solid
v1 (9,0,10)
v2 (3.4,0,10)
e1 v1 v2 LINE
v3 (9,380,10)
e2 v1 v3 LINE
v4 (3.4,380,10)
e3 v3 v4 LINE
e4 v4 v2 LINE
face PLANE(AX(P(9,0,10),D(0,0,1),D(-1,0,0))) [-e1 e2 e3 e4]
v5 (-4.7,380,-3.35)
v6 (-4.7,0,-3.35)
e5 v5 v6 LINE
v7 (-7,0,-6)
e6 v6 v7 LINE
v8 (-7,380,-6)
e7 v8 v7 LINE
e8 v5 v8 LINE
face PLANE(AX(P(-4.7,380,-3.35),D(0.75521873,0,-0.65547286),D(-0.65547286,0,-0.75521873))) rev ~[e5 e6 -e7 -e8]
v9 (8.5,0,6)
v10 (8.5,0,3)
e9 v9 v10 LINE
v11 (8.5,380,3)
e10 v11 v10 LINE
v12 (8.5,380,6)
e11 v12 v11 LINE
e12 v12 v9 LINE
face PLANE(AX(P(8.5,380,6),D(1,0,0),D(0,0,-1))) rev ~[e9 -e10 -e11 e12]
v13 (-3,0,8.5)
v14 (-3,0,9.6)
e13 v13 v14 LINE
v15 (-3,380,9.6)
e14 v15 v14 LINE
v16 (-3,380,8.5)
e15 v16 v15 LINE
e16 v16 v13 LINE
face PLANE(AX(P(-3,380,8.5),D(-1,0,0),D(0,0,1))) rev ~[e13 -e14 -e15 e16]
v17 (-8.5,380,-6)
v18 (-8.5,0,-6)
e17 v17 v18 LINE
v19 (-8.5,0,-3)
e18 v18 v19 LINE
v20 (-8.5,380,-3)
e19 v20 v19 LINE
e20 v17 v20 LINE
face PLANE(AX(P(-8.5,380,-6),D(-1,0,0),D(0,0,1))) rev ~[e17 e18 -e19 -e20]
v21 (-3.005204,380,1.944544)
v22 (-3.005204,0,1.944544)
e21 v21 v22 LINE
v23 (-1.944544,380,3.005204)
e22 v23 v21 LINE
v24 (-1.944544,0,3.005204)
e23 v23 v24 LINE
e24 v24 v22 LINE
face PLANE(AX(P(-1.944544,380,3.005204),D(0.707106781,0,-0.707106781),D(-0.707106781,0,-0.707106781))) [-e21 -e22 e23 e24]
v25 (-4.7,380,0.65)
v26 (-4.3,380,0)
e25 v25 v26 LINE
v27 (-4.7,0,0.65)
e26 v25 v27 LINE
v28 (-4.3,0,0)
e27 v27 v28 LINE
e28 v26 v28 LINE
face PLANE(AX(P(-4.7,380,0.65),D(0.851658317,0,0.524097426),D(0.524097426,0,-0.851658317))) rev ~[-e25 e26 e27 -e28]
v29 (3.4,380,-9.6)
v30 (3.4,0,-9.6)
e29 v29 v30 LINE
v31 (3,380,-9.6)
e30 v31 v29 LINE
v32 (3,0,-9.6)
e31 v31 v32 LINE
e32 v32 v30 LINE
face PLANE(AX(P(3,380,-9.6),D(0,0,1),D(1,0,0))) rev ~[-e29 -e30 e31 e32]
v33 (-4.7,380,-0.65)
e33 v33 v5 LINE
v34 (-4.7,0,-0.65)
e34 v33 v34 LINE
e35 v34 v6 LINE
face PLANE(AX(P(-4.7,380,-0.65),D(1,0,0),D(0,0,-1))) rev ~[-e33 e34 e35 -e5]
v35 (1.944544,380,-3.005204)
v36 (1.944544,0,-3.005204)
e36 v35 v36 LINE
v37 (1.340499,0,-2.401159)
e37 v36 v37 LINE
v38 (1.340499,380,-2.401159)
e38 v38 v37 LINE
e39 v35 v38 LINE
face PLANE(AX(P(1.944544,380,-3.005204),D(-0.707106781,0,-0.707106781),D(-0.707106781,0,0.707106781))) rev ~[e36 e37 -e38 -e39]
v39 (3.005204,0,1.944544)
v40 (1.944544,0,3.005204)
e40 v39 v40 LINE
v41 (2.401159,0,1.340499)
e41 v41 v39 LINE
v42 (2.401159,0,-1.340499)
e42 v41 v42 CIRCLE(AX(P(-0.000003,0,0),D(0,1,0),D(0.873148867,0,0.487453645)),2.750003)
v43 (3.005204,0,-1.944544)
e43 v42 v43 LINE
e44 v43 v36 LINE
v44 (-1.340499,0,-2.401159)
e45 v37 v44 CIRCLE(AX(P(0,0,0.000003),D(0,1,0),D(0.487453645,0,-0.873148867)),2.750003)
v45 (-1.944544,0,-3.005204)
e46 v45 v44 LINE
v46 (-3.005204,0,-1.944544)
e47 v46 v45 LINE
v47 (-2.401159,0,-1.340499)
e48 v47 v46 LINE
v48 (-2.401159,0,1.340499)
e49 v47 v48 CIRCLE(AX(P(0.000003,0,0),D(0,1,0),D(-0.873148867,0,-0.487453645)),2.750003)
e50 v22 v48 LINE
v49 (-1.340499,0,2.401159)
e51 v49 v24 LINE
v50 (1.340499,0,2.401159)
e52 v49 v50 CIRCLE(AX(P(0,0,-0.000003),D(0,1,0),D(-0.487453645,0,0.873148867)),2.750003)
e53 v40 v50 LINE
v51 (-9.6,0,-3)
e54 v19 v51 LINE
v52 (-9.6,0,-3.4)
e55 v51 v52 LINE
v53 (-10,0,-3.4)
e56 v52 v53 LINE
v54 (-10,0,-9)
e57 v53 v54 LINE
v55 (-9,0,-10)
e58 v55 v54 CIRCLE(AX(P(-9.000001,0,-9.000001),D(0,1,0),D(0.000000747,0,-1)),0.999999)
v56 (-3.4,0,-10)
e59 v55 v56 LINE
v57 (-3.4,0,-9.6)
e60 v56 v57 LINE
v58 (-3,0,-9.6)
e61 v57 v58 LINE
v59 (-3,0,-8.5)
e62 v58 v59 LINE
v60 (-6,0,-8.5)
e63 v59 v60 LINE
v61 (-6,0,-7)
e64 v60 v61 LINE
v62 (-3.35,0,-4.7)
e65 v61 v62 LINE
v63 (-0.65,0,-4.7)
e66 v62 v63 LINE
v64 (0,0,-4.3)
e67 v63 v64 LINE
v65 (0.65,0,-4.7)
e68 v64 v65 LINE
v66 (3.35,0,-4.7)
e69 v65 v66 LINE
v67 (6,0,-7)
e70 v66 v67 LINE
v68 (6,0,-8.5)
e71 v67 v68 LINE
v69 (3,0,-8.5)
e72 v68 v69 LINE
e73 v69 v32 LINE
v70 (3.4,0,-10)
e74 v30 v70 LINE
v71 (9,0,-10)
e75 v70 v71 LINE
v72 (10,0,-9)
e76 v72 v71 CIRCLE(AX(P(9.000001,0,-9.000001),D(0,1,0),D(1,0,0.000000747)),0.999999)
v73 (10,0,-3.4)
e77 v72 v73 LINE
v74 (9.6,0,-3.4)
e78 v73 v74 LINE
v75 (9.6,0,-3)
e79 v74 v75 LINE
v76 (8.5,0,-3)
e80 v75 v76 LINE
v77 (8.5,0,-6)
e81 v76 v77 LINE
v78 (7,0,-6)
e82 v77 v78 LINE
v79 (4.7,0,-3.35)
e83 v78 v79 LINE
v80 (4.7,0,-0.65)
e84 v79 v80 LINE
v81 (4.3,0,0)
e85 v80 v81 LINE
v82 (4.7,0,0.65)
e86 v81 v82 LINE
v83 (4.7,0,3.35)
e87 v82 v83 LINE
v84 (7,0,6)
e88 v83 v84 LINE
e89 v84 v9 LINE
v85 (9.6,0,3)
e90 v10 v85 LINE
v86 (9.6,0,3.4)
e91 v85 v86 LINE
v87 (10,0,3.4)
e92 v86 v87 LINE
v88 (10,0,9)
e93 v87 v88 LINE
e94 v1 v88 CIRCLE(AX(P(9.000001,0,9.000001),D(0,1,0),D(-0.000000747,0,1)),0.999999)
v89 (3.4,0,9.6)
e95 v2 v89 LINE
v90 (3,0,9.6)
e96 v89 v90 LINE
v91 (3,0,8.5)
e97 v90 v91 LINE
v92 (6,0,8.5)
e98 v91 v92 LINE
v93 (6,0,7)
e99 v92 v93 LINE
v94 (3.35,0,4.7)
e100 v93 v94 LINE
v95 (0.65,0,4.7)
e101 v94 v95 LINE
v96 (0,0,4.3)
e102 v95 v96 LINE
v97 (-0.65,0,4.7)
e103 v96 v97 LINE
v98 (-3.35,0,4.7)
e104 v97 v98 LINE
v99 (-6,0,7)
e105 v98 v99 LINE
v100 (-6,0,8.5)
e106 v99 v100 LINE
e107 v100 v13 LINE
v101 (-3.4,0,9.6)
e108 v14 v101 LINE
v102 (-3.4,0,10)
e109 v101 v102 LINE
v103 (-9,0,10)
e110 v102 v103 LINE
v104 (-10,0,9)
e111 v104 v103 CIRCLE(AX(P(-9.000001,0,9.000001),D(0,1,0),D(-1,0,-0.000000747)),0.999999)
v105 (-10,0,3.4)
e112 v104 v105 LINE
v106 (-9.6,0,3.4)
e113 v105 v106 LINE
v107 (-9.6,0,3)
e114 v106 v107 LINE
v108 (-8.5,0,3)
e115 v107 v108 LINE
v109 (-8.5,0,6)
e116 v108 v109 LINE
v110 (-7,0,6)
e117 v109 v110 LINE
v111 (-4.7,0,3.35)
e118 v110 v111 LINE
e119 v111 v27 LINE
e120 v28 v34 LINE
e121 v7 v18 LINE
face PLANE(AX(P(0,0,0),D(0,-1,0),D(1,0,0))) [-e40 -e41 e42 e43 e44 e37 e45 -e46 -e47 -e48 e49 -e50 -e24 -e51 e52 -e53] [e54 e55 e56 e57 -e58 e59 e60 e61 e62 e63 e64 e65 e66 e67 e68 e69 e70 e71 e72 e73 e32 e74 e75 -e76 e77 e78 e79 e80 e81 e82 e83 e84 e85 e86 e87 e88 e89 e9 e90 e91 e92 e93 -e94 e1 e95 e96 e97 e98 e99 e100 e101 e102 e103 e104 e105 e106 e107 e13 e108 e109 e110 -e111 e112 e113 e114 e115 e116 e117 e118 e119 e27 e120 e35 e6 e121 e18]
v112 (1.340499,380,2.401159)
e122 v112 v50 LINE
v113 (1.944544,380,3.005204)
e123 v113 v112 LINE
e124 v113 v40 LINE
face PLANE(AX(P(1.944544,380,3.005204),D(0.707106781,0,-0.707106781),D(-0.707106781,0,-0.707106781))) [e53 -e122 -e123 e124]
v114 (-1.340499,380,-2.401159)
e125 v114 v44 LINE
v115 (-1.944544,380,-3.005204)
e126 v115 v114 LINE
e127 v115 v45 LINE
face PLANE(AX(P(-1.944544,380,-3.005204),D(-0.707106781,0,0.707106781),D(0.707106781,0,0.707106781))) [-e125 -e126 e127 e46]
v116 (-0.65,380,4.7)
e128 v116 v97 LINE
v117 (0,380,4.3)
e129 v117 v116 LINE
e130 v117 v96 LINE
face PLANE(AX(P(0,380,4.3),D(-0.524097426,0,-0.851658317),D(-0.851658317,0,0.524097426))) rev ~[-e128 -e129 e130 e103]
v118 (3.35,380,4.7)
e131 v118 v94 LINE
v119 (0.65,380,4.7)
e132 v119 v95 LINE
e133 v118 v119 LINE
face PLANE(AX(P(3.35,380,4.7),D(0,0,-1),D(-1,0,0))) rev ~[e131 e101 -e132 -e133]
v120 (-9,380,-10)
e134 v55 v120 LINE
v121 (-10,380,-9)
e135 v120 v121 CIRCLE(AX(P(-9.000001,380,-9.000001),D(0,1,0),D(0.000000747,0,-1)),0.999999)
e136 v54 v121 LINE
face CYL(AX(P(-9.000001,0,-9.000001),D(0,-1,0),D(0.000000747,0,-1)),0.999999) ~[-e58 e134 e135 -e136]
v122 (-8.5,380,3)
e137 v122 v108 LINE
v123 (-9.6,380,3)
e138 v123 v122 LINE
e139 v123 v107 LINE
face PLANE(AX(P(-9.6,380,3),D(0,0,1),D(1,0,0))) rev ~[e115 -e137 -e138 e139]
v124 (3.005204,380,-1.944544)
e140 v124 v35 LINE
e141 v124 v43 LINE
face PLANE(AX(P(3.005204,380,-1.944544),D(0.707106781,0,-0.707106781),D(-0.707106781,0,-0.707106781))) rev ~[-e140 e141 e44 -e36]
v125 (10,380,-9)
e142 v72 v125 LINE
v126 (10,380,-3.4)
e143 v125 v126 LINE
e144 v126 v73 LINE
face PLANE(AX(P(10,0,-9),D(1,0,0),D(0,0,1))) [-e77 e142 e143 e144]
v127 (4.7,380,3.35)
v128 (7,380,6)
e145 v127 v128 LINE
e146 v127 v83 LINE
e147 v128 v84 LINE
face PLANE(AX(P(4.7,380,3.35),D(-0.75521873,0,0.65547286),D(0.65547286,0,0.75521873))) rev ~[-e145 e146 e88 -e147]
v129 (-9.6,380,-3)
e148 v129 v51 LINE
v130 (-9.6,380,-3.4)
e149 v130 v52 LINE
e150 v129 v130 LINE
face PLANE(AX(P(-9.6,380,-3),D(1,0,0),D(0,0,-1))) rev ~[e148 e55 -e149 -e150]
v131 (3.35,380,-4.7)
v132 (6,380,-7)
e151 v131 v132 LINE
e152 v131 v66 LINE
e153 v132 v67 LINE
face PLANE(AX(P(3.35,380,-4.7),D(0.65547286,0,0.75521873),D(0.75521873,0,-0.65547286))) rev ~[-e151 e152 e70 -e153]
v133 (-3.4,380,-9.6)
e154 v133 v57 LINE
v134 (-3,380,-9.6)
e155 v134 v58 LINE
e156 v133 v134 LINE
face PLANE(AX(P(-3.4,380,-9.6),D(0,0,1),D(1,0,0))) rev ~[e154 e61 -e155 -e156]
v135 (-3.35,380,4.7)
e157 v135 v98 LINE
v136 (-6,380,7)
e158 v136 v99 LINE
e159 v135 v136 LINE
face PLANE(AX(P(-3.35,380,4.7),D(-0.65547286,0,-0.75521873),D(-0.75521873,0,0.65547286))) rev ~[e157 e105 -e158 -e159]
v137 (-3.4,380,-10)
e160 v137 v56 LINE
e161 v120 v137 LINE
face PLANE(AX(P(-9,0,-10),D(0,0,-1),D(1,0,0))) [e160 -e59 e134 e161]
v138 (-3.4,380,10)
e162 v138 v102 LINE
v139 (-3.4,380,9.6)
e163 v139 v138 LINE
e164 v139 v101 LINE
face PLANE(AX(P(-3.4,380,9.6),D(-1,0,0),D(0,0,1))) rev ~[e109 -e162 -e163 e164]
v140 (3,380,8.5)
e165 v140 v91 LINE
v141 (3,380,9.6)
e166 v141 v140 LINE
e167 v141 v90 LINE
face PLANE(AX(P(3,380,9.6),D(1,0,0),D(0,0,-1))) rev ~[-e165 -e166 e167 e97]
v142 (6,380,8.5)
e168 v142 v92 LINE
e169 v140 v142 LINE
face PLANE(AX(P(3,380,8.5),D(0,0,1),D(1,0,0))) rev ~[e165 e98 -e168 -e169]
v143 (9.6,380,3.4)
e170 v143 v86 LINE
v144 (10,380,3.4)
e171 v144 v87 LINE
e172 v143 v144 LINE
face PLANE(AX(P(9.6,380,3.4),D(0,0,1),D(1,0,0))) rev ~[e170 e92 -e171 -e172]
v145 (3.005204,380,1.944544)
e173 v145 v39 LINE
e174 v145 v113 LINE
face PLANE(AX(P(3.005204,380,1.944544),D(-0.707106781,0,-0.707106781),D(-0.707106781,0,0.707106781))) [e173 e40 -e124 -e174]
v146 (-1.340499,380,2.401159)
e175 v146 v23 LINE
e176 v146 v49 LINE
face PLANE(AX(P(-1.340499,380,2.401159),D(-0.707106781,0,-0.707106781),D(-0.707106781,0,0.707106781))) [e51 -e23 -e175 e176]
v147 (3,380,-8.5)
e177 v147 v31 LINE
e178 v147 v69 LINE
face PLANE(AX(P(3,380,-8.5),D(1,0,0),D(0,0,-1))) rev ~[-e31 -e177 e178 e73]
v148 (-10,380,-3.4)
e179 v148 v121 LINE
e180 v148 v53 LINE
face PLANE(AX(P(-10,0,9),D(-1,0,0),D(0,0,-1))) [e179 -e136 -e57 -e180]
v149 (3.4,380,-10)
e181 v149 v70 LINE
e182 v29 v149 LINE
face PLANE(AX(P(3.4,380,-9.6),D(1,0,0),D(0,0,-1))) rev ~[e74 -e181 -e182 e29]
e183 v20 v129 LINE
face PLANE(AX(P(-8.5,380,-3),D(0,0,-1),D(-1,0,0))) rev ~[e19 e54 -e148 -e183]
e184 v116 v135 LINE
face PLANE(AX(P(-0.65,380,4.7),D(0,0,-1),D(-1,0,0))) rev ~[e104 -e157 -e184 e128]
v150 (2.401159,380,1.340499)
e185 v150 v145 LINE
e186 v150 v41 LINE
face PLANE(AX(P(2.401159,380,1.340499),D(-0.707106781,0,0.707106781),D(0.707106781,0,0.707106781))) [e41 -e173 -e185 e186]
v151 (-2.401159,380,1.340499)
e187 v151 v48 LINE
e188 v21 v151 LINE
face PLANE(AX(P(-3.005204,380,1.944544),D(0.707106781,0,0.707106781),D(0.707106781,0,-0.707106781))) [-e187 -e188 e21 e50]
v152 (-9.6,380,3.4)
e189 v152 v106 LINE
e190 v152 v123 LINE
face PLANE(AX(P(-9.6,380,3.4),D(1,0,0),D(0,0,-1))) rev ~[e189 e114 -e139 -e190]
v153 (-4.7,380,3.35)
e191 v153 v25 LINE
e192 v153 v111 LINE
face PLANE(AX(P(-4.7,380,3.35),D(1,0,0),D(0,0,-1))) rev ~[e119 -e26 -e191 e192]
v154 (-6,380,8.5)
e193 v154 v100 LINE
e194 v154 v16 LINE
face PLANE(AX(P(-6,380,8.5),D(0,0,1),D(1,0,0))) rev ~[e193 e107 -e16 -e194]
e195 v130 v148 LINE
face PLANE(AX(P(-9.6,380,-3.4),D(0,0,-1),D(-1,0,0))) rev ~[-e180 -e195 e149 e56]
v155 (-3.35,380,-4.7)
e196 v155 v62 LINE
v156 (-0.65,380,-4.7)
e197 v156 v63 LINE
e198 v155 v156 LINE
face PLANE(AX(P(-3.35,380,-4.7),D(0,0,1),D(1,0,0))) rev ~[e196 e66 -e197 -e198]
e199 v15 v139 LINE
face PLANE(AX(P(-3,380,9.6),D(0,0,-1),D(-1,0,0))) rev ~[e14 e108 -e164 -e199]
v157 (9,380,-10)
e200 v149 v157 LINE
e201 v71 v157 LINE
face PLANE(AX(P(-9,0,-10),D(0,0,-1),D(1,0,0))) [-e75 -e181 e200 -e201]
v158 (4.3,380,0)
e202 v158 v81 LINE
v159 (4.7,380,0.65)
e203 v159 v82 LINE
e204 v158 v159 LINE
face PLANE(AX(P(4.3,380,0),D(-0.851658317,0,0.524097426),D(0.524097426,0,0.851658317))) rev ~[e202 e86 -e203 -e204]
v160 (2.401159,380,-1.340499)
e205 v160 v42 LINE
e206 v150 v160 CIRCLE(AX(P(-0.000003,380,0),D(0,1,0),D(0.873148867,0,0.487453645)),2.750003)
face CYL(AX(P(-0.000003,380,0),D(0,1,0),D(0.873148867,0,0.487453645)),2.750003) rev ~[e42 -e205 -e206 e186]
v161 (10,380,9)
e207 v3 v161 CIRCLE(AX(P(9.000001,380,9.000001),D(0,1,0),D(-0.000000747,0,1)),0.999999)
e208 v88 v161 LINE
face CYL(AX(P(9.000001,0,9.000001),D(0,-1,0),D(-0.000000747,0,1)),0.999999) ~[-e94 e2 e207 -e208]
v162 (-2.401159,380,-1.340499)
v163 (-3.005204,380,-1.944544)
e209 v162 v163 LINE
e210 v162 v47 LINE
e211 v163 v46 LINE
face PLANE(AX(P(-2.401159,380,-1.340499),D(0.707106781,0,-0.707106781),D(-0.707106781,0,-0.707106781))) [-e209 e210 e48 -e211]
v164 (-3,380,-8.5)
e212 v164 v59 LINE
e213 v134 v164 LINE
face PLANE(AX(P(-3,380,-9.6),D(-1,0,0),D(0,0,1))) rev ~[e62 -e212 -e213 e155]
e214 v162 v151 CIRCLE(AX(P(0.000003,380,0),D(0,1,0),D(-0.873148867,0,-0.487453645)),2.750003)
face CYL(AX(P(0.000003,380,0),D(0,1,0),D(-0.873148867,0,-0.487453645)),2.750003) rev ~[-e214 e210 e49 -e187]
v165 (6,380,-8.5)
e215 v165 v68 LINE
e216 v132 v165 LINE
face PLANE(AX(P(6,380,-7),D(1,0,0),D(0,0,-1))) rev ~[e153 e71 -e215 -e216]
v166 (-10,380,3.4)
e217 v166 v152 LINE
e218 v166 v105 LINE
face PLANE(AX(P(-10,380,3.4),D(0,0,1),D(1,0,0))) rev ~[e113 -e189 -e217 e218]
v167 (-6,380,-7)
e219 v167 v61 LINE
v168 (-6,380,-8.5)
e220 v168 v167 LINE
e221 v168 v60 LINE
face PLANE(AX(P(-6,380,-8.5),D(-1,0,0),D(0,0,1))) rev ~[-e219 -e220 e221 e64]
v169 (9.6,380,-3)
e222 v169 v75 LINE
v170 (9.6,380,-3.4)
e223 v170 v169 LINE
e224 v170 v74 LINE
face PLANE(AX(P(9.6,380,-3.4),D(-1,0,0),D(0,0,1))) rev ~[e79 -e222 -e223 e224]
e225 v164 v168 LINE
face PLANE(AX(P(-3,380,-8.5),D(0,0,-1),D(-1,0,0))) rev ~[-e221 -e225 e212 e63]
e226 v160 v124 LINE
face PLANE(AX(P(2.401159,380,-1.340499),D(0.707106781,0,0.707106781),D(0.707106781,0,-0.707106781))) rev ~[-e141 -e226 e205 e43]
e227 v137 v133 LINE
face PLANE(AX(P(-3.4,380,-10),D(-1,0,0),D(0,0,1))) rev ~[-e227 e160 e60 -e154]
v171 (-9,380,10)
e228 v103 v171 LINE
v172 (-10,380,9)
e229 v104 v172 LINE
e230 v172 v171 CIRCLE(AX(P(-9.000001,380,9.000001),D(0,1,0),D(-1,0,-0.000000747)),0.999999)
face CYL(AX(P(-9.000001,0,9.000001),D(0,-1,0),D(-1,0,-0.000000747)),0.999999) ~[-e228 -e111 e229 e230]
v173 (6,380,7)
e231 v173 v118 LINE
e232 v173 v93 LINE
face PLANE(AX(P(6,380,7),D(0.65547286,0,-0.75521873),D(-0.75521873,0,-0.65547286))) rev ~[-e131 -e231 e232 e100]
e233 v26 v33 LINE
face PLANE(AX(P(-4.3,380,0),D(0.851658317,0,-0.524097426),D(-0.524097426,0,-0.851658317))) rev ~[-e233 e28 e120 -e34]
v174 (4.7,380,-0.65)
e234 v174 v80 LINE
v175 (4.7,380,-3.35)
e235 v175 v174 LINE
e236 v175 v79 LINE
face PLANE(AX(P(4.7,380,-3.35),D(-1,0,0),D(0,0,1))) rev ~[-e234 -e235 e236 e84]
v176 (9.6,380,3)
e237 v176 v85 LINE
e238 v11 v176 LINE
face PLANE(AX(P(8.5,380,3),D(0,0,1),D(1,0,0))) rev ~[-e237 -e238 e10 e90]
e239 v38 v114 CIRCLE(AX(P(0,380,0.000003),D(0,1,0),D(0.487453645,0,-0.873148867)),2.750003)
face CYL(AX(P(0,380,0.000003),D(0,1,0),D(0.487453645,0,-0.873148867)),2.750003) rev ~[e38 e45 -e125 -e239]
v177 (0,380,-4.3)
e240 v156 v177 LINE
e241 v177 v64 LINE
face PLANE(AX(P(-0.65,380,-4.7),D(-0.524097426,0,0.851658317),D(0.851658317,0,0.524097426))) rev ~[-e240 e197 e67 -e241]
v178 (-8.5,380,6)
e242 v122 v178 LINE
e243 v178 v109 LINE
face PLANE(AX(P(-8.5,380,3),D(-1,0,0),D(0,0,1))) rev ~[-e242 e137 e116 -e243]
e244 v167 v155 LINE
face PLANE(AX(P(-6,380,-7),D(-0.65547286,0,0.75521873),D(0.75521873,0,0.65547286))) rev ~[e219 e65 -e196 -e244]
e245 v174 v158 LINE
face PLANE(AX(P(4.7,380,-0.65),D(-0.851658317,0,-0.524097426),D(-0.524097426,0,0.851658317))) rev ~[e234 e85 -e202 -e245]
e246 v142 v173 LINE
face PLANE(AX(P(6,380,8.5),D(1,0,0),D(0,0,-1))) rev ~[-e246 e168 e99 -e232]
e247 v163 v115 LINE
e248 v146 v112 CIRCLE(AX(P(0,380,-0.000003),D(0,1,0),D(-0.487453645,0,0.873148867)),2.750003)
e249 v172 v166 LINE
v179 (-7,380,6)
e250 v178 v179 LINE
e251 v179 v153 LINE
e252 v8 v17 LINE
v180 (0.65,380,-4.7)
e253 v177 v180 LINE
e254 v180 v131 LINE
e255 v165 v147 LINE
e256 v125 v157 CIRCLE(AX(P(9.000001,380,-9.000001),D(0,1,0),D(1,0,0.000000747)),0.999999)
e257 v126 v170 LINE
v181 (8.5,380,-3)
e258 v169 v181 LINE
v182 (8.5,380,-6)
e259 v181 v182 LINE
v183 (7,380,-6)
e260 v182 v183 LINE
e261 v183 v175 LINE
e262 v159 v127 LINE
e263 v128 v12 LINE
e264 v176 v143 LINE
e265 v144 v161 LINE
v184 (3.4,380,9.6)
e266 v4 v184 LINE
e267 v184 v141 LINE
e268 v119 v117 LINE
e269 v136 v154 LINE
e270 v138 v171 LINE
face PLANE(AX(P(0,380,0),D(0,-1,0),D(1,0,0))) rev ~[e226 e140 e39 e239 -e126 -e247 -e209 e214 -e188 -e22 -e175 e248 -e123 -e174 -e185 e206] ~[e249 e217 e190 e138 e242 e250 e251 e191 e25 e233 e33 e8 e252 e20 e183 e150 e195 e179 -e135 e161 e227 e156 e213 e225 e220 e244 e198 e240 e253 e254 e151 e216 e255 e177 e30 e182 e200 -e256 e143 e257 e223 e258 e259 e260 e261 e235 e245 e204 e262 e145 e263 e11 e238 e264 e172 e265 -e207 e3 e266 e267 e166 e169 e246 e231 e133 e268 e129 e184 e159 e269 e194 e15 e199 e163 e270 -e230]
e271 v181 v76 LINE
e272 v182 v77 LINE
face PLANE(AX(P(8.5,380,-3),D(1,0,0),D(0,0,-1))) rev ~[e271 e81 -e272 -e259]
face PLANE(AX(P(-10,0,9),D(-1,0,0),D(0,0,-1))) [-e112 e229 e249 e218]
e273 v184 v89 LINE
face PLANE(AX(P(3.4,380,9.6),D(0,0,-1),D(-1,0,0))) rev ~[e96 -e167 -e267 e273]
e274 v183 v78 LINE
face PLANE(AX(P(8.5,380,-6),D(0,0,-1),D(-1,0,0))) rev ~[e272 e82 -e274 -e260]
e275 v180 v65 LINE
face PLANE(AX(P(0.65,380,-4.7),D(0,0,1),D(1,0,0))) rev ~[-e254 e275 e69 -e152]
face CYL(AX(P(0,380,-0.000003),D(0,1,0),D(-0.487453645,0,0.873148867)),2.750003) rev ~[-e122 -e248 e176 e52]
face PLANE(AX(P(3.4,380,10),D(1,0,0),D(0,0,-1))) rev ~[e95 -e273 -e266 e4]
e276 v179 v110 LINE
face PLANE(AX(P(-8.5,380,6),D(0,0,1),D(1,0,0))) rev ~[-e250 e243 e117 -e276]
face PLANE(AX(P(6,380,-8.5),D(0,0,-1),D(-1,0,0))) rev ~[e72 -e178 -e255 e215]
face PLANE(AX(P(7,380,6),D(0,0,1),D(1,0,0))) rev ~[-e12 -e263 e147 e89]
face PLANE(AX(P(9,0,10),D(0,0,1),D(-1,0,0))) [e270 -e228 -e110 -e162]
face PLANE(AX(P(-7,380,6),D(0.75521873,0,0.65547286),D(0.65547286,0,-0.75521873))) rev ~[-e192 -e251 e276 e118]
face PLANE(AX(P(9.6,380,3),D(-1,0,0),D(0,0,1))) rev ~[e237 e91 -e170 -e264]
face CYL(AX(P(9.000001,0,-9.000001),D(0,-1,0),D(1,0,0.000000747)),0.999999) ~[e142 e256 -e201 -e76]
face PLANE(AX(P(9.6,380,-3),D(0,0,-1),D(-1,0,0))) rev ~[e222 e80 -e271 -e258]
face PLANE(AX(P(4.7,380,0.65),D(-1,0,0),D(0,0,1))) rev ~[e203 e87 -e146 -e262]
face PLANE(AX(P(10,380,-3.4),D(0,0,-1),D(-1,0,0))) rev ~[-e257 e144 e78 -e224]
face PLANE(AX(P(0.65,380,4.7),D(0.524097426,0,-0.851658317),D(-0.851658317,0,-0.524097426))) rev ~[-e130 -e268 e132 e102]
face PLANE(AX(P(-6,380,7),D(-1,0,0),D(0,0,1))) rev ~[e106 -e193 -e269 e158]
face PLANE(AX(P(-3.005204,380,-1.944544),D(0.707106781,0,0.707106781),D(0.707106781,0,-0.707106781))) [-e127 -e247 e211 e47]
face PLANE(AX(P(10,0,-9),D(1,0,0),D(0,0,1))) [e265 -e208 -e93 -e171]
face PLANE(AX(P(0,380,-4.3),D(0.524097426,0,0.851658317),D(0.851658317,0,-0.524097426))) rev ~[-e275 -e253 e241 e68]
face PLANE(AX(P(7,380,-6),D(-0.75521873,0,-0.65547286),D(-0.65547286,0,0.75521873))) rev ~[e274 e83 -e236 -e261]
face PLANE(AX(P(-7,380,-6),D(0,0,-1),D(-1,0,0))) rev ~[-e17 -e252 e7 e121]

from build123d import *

# Parameters (mm, degrees)
PAD_DEPTH          = 380
POCKET_DEPTH       = 380
POLARPATTERN_COUNT = 4
POCKET001_DEPTH    = 380


with BuildPart() as part:
    # Sketch → Pad (new body)
    with BuildSketch(Plane(origin=(0, 0, 0), x_dir=(-1, 0, 0), z_dir=(0, 1, 0))):
        with BuildLine():
            Line((-9, 10), (9, 10))
            ThreePointArc((10, 9), (9.707107, 9.707107), (9, 10))
            Line((10, 9), (10, -9))
            ThreePointArc((9, -10), (9.707107, -9.707107), (10, -9))
            Line((9, -10), (-9, -10))
            ThreePointArc((-10, -9), (-9.707107, -9.707107), (-9, -10))
            Line((-10, -9), (-10, 9))
            ThreePointArc((-9, 10), (-9.707107, 9.707107), (-10, 9))
        make_face()
    extrude(amount=PAD_DEPTH)

    # Sketch001 (on Face10 of Pad) → Pocket (cut)
    with BuildSketch(Plane(origin=(0, 380, 0), x_dir=(1, 0, 0), z_dir=(0, 1, 0))):
        Polygon((-3.4, 10), (-3.4, 9.6), (-3, 9.6), (-3, 8.5), (-6, 8.5), (-6, 7), (-3.35, 4.7), (-0.65, 4.7), (0, 4.3), (0.65, 4.7), (3.35, 4.7), (6, 7), (6, 8.5), (3, 8.5), (3, 9.6), (3.4, 9.6), (3.4, 10), align=None)
    pocket = extrude(amount=-POCKET_DEPTH, mode=Mode.SUBTRACT)

    # PolarPattern: Pocket ×4 about axis
    polarpattern_axis = Axis((0, 380, 0), (0, 1, 0))
    for i in range(1, POLARPATTERN_COUNT):
        add(pocket.rotate(polarpattern_axis, i * 360 / POLARPATTERN_COUNT), mode=Mode.SUBTRACT)

    # Sketch002 (on Face4 of PolarPattern) → Pocket001 (cut)
    with BuildSketch(Plane(origin=(0, 380, 0), x_dir=(1, 0, 0), z_dir=(0, 1, 0))):
        with BuildLine():
            ThreePointArc((1.340499, 2.401159), (0, 2.75), (-1.340499, 2.401159))
            Line((-1.944544, 3.005204), (-1.340499, 2.401159))
            Line((-3.005204, 1.944544), (-1.944544, 3.005204))
            Line((-2.401159, 1.340499), (-3.005204, 1.944544))
            ThreePointArc((-2.401159, 1.340499), (-2.75, 0), (-2.401159, -1.340499))
            Line((-3.005204, -1.944544), (-2.401159, -1.340499))
            Line((-1.944544, -3.005204), (-3.005204, -1.944544))
            Line((-1.340499, -2.401159), (-1.944544, -3.005204))
            ThreePointArc((-1.340499, -2.401159), (0, -2.75), (1.340499, -2.401159))
            Line((1.944544, -3.005204), (1.340499, -2.401159))
            Line((3.005204, -1.944544), (1.944544, -3.005204))
            Line((2.401159, -1.340499), (3.005204, -1.944544))
            ThreePointArc((2.401159, -1.340499), (2.75, 0), (2.401159, 1.340499))
            Line((2.401159, 1.340499), (3.005204, 1.944544))
            Line((3.005204, 1.944544), (1.944544, 3.005204))
            Line((1.944544, 3.005204), (1.340499, 2.401159))
        make_face()
    extrude(amount=-POCKET001_DEPTH, mode=Mode.SUBTRACT)


solid = part.part
